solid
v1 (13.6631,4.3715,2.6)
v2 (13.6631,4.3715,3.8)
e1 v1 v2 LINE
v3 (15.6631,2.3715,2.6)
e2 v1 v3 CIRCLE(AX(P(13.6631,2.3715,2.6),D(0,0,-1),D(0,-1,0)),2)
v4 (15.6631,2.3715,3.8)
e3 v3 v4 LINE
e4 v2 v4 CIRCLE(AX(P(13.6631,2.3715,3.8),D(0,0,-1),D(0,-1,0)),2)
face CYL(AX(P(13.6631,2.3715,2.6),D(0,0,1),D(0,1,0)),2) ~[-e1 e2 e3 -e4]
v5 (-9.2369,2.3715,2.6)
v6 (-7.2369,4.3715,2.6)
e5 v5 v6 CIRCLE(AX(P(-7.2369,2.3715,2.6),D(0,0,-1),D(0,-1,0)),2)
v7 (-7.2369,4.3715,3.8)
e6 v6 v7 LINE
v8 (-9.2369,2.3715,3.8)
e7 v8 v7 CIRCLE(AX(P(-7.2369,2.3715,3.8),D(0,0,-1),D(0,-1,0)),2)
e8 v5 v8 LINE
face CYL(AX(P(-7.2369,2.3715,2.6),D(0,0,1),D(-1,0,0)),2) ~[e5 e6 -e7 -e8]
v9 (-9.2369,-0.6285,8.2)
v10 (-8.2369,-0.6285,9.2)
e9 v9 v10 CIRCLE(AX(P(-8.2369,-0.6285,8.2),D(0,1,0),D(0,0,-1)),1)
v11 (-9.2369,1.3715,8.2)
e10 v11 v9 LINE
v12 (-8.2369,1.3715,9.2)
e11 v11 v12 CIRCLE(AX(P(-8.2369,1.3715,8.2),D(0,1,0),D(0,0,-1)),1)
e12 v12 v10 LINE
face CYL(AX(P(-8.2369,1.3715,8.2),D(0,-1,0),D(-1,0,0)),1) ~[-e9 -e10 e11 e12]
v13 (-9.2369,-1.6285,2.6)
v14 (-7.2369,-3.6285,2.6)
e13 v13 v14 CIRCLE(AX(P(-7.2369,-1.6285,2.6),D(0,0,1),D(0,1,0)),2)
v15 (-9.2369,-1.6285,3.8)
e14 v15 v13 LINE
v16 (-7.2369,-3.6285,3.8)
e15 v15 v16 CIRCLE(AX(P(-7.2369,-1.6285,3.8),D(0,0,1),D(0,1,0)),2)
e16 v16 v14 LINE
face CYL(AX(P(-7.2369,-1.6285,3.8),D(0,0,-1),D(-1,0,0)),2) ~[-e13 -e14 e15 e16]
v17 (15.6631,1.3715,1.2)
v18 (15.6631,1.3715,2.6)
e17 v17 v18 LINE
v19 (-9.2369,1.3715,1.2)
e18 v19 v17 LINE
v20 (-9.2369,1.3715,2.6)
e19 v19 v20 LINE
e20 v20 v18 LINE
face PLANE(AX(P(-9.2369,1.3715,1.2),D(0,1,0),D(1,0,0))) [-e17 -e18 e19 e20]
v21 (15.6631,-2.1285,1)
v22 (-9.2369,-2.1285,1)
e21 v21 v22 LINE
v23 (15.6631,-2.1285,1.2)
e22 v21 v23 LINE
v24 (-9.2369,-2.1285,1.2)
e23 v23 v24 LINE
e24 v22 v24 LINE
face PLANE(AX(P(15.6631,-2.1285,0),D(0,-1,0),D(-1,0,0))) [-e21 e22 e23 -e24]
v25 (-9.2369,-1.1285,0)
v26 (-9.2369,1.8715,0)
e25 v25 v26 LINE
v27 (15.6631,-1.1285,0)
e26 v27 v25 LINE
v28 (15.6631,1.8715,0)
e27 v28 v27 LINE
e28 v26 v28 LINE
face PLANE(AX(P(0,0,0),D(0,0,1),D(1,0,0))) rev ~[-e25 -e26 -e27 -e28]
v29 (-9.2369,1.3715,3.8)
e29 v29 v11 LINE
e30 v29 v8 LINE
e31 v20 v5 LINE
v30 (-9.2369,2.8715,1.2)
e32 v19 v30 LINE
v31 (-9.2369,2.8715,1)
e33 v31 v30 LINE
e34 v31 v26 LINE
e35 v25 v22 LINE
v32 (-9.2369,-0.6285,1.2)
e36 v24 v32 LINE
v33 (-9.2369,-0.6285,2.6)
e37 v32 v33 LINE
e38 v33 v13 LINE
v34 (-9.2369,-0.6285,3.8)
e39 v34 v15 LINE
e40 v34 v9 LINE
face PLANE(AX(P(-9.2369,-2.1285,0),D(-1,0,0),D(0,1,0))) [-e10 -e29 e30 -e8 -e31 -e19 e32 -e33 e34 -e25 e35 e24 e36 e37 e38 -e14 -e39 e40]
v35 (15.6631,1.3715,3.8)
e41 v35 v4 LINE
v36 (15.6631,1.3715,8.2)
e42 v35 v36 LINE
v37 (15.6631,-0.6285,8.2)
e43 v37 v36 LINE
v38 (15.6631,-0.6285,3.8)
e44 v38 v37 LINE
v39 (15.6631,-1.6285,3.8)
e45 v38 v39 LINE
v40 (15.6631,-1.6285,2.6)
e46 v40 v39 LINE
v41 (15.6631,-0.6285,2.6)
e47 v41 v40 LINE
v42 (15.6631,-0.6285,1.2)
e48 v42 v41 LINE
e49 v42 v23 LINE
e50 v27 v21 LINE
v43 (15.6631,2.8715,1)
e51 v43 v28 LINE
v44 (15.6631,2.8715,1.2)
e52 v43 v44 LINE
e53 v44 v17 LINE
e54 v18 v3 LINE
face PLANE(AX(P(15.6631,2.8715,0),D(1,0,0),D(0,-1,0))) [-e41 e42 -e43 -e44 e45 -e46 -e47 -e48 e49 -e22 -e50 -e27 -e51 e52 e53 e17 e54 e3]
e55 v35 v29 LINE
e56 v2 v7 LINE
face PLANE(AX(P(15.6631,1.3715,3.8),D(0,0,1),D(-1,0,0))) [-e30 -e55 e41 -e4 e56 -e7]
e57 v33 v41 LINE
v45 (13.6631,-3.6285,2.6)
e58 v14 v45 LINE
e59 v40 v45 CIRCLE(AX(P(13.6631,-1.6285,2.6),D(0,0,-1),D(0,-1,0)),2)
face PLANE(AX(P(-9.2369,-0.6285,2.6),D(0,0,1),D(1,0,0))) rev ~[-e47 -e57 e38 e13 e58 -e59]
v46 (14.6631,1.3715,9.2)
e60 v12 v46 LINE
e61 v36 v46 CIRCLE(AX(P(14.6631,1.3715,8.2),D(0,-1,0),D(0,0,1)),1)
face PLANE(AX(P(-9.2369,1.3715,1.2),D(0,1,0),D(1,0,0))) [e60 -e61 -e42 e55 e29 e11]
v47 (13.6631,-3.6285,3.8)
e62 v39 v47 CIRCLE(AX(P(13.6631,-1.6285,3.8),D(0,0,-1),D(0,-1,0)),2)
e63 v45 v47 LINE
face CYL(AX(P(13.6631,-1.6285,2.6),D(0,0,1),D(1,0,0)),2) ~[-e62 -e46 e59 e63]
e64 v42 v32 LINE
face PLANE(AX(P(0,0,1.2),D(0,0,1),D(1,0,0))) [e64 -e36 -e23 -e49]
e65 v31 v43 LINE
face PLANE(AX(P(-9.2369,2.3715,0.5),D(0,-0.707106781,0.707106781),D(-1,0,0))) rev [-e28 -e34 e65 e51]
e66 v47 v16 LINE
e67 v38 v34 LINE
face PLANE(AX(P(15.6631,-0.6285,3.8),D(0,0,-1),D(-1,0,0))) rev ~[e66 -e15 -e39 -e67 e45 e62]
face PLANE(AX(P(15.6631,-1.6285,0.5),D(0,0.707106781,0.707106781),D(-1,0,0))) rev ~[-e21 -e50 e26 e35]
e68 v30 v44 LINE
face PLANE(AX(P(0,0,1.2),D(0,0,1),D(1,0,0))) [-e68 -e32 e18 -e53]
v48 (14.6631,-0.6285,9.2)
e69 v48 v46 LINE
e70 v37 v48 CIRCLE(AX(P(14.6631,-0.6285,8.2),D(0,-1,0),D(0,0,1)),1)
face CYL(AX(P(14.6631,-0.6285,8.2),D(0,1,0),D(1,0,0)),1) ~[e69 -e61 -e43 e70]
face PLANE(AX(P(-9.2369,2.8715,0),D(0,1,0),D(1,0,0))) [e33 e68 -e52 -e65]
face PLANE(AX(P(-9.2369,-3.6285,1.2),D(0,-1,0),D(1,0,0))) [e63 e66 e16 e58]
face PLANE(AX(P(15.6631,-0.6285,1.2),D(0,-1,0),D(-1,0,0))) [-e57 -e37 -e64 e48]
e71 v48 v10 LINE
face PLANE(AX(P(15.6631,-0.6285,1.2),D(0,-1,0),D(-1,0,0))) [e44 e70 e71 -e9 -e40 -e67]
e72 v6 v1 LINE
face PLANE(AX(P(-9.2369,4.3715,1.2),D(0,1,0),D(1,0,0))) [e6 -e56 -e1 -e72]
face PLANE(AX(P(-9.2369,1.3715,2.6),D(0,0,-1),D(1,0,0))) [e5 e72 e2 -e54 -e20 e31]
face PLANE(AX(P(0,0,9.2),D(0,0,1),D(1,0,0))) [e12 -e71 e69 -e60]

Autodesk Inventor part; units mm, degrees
ref_plane "YZ Plane" through (0, 0, 0) normal (1, 0, 0) x (0, 1, 0)
ref_plane "XZ Plane" through (0, 0, 0) normal (0, 1, 0) x (-1, 0, 0)
ref_plane "XY Plane" through (0, 0, 0) normal (0, 0, 1) x (1, 0, 0)
sketch "Sketch1" plane through (0, 0, 0) normal (0, 0, 1) x (1, 0, 0)
  line L0 (-9.2369, 2.8715) -> (15.6631, 2.8715)
  line L1 (15.6631, 2.8715) -> (15.6631, -2.1285)
  line L2 (15.6631, -2.1285) -> (-9.2369, -2.1285)
  line L3 (-9.2369, -2.1285) -> (-9.2369, 2.8715)
  point P0 (0, 0)
  dimension "d0" = 24.9
  dimension "d1" = 5
extrude "Extrusion1" add sketch "Sketch1" along normal blind 1.2
sketch "Sketch2" plane through (0, 0, 1.2) normal (0, 0, 1) x (1, 0, 0)
  line L0 (-9.2369, 2.8715) -> (-9.2369, -2.1285) projected
  line L1 (15.6631, -2.1285) -> (15.6631, 2.8715) projected
  line L2 (-9.2369, 1.3715) -> (15.6631, 1.3715)
  line L3 (15.6631, 1.3715) -> (15.6631, -0.6285)
  line L4 (15.6631, -0.6285) -> (-9.2369, -0.6285)
  line L5 (-9.2369, -0.6285) -> (-9.2369, 1.3715)
  line L6 (15.6631, 2.8715) -> (-9.2369, 2.8715) projected
  point P0 (0, 0)
  point P1 (15.6631, 1.3715)
  dimension "d4" = 2
  dimension "d5" = 1.5
extrude "Extrusion2" add sketch "Sketch2" along normal blind 8 contours L2 L1 L4 L0
chamfer "Chamfer1" distance 1 angle 45 2 edges at (3.2131, 2.8715, 0) (3.2131, -2.1285, 0)
fillet "Fillet4" radius 1 2 edges at (-9.2369, 0.3715, 9.2) (15.6631, 0.3715, 9.2)
sketch "Sketch3" plane through (-9.2369, 1.3715, 1.2) normal (0, 1, 0) x (1, 0, 0)
  line L0 (0, 0) -> (0, -7) projected
  line L1 (24.9, 0) -> (24.9, -7) projected
  line L2 (0, -1.4) -> (24.9, -1.4)
  line L3 (24.9, -1.4) -> (24.9, -2.6)
  line L4 (24.9, -2.6) -> (0, -2.6)
  line L5 (0, -2.6) -> (0, -1.4)
  line L6 (24.9, 0) -> (0, 0) projected
  point P0 (9.2369, 1.2)
  point P1 (0, -2.6)
  dimension "d15" = 1.4
  dimension "d16" = 1.2
extrude "Extrusion3" add sketch "Sketch3" along normal blind 3 contours L2 L1 L4 L0
sketch "Sketch4" plane through (-9.2369, -0.6285, 1.2) normal (0, -1, 0) x (1, 0, 0)
  line L0 (24.9, 2.6) -> (0, 2.6) projected
  line L1 (0, 1.4) -> (24.9, 1.4) projected
  line L2 (24.9, 2.6) -> (0, 2.6)
  line L3 (0, 2.6) -> (0, 1.4)
  line L4 (0, 1.4) -> (24.9, 1.4)
  line L5 (24.9, 1.4) -> (24.9, 2.6)
  point P0 (9.2369, -1.2)
  point P1 (0, 2.6)
extrude "Extrusion4" add sketch "Sketch4" along normal blind 3
fillet "Fillet5" radius 2 4 edges at (-9.2369, 4.3715, 3.2) (-9.2369, -3.6285, 3.2) (15.6631, 4.3715, 3.2) (15.6631, -3.6285, 3.2)
properties part number "flag"
